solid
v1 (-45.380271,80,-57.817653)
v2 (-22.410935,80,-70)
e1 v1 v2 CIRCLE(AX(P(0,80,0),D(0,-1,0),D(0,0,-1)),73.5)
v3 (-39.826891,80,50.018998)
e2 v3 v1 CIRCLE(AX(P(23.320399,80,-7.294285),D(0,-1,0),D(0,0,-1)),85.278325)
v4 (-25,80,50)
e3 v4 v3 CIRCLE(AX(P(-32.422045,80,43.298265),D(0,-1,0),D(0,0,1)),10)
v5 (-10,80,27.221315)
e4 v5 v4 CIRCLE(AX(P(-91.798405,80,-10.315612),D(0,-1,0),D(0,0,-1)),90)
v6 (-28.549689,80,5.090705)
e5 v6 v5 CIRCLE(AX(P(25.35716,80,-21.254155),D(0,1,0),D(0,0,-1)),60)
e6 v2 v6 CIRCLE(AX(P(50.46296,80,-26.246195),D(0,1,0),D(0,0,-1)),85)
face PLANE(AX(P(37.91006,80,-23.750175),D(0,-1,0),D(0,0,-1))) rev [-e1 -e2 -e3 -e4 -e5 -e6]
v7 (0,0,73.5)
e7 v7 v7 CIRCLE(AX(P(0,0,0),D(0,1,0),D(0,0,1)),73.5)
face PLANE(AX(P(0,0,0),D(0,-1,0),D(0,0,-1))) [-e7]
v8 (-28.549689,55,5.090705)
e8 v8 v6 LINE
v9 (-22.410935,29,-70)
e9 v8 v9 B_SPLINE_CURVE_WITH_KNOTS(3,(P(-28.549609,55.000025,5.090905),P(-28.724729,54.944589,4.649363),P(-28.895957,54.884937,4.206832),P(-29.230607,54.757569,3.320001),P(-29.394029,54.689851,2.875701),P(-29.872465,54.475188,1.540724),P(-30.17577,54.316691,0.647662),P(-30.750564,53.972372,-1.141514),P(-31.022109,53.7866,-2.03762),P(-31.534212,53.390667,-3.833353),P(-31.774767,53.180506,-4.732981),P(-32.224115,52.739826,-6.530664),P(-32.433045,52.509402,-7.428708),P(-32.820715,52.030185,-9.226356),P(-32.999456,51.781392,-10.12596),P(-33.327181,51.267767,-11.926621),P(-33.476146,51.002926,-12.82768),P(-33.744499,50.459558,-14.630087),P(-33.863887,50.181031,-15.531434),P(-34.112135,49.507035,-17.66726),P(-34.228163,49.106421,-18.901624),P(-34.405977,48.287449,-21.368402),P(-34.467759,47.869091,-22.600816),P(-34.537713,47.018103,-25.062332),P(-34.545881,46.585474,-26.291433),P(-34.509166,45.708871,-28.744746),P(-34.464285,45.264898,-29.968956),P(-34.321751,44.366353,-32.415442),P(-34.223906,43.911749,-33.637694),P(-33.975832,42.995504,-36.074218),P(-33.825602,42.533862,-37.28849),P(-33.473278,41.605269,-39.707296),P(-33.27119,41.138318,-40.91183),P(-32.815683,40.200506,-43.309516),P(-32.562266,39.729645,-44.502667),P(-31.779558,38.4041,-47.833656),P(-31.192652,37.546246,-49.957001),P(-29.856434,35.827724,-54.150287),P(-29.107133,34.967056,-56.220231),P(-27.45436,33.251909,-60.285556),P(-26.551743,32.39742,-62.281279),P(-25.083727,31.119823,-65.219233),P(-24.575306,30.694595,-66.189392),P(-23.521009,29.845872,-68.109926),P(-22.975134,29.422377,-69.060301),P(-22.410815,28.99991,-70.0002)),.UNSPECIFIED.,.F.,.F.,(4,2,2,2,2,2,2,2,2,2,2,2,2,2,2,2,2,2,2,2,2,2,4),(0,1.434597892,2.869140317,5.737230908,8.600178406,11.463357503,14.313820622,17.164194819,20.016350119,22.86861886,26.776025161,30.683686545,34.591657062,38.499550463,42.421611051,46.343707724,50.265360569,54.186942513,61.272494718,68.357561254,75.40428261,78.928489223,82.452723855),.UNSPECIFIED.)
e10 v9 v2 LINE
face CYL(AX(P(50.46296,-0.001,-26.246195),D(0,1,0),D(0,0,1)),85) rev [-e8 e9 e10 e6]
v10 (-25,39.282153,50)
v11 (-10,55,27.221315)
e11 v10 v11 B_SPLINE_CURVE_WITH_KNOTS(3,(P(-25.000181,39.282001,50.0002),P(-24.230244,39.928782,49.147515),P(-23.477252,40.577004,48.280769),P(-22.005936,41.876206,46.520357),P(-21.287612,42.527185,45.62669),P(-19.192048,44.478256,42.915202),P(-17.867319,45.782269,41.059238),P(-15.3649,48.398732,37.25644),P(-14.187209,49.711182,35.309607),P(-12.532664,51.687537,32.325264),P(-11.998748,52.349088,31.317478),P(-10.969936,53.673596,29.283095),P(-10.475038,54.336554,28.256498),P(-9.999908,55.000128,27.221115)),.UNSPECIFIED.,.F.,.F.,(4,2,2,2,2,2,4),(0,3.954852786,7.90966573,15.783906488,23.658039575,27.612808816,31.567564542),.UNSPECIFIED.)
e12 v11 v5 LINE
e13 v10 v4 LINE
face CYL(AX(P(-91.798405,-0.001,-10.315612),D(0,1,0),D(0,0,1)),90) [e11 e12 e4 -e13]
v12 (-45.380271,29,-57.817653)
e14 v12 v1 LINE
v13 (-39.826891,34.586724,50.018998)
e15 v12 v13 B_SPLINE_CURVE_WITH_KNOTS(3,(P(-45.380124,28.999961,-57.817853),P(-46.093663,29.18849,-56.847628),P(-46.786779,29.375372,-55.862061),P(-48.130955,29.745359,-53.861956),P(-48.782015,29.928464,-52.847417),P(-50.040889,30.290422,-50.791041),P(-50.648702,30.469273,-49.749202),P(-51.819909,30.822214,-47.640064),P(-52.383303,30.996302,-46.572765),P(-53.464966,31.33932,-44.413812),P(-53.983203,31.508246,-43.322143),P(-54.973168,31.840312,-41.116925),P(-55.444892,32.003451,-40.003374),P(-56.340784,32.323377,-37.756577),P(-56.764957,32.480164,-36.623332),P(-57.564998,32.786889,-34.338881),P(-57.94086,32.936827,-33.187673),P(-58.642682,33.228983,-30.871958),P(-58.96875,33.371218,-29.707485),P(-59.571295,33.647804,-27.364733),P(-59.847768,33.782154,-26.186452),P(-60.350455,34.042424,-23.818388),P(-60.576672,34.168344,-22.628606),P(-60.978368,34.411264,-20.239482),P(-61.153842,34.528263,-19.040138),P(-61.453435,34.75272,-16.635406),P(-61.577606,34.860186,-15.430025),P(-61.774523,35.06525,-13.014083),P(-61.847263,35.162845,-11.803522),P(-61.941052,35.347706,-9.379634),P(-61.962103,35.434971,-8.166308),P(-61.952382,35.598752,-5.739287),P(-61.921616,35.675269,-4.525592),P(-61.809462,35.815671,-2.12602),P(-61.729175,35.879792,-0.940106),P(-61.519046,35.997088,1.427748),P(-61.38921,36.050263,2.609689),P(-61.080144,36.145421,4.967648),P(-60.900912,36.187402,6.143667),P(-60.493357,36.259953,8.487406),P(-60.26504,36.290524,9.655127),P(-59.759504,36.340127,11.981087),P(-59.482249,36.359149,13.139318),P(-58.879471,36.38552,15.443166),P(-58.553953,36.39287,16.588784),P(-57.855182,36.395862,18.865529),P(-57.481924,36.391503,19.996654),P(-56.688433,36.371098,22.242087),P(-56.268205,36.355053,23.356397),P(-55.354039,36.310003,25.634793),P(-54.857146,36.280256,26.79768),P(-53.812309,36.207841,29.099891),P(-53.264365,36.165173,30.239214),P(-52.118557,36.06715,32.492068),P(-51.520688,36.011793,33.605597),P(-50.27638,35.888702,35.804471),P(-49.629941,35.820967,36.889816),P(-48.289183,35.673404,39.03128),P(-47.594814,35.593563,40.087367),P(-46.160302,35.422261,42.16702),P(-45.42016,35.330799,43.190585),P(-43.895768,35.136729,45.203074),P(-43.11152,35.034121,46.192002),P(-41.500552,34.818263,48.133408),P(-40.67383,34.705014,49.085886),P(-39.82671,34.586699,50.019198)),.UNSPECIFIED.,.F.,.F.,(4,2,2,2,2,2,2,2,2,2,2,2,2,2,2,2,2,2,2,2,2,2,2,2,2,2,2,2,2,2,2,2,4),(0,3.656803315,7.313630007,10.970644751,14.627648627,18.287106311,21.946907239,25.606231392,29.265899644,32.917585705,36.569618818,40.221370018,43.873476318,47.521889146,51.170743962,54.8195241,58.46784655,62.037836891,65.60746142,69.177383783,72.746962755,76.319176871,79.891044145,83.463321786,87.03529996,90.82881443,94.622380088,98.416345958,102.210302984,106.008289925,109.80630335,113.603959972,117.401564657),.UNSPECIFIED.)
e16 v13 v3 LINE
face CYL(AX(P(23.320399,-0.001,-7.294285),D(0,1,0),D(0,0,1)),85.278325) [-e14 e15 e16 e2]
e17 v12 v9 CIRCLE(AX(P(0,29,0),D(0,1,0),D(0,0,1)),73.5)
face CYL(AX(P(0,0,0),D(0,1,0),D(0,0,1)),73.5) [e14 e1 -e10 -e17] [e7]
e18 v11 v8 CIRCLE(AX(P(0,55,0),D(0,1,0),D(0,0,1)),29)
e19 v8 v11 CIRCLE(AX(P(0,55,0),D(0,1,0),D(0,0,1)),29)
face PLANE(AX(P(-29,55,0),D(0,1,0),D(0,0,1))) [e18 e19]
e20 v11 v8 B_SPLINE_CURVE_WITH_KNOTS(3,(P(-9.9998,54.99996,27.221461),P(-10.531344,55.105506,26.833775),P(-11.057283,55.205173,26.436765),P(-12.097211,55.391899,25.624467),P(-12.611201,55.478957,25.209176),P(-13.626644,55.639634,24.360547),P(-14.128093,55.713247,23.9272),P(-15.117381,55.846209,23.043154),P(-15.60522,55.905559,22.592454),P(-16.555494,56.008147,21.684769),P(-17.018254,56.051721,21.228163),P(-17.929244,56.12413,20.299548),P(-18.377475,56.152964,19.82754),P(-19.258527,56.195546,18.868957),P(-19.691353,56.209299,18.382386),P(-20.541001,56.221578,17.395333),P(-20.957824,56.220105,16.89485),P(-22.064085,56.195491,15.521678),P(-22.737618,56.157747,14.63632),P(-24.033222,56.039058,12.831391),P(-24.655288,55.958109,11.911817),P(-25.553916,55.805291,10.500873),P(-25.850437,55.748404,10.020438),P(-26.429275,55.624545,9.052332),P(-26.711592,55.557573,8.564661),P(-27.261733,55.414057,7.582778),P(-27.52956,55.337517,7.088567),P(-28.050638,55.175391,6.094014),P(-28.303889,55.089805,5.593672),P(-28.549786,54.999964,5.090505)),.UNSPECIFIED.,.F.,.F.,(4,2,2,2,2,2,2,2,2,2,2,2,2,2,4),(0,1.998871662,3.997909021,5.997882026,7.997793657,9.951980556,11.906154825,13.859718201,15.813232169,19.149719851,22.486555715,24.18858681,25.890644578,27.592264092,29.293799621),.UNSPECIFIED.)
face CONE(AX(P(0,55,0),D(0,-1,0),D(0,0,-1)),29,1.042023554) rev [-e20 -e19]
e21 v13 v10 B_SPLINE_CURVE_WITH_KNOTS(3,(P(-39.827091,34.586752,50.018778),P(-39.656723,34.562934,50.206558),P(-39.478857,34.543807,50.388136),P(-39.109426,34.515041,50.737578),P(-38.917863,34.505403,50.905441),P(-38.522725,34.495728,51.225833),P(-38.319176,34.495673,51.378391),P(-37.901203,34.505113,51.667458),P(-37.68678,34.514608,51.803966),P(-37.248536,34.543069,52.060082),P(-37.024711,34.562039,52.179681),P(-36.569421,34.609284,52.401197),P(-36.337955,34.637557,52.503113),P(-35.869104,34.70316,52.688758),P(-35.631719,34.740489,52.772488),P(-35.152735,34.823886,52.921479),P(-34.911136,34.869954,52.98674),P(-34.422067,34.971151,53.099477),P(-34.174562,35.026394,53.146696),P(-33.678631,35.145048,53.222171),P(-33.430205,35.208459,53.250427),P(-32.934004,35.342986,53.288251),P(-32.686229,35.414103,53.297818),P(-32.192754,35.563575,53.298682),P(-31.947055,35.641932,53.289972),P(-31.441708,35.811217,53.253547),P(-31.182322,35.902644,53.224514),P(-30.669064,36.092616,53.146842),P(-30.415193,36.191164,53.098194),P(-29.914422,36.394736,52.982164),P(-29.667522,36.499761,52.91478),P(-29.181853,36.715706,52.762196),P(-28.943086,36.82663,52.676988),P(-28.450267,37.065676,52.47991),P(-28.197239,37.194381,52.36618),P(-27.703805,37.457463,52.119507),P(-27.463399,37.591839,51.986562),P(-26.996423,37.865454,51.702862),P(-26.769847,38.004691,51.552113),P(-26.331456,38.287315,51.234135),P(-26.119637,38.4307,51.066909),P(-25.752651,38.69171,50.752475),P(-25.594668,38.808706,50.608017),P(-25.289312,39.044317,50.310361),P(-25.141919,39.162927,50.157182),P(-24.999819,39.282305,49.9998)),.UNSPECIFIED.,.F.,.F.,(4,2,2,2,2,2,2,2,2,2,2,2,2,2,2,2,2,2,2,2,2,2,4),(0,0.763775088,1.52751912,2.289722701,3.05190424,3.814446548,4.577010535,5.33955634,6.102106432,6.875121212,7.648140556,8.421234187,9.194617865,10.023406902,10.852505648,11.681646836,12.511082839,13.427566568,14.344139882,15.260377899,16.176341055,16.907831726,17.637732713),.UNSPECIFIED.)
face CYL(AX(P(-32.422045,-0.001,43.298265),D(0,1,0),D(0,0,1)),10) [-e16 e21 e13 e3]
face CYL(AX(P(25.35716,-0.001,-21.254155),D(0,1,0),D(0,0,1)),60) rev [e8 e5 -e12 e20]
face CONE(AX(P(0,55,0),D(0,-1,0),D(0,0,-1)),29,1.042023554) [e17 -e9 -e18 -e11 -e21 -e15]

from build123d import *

# Parameters (mm, degrees)
EXTRUDE_1_REACH = 133.166


with BuildPart() as part:
    # Эскиз1 → Повернуть1 (revolve)
    with BuildSketch(Plane.XY, mode=Mode.PRIVATE) as revolve_1_sk:
        Polygon((0, 0), (-73.5, 0), (-73.5, 29), (-29, 55), (0, 55), align=None)
    revolve(revolve_1_sk.sketch.rotate(Axis((0, 0, 0), (0, -1, 0)), 270), axis=Axis((0, 0, 0), (0, -1, 0)))

    # Бобышка-Вытянуть1: up to this cone (the profile starts outside it)
    extrude_1_end = Plane(origin=(0, 80, 0), z_dir=(0, -1, 0)).offset(8.056180775) * Cone(1.712e-06, 214.986038462, 125.609819225, align=(Align.CENTER, Align.CENTER, Align.MIN), mode=Mode.PRIVATE)
    # Эскиз2 → Бобышка-Вытянуть1 (add, up to the surface)
    with BuildSketch(Plane(origin=(0, 80, 0), x_dir=(-1, 0, 0), z_dir=(0, -1, 0)), mode=Mode.PRIVATE) as extrude_1_sk1:
        with BuildLine():
            ThreePointArc((39.826891471, -50.018998092), (61.845069439, 2.908427791), (45.380271287, 57.817652822))
            ThreePointArc((45.380271287, 57.817652822), (34.438558368, 64.93254729), (22.410934831, 70))
            ThreePointArc((22.410934831, 70), (34.25441727, 33.17194105), (28.549688681, -5.090704886))
            ThreePointArc((28.549688681, -5.090704886), (20.626062909, -17.288589905), (10, -27.221315178))
            ThreePointArc((10, -27.221315178), (16.632121962, -39.182164271), (25, -50))
            ThreePointArc((25, -50), (32.409231762, -53.29825711), (39.826891471, -50.018998092))
        make_face()
    extrude_1_tool1 = extrude(extrude_1_sk1.sketch, amount=EXTRUDE_1_REACH, mode=Mode.PRIVATE) - extrude_1_end
    add(extrude_1_tool1.solids().sort_by_distance((-40.446865, 80, -0.64775))[0])


solid = part.part
